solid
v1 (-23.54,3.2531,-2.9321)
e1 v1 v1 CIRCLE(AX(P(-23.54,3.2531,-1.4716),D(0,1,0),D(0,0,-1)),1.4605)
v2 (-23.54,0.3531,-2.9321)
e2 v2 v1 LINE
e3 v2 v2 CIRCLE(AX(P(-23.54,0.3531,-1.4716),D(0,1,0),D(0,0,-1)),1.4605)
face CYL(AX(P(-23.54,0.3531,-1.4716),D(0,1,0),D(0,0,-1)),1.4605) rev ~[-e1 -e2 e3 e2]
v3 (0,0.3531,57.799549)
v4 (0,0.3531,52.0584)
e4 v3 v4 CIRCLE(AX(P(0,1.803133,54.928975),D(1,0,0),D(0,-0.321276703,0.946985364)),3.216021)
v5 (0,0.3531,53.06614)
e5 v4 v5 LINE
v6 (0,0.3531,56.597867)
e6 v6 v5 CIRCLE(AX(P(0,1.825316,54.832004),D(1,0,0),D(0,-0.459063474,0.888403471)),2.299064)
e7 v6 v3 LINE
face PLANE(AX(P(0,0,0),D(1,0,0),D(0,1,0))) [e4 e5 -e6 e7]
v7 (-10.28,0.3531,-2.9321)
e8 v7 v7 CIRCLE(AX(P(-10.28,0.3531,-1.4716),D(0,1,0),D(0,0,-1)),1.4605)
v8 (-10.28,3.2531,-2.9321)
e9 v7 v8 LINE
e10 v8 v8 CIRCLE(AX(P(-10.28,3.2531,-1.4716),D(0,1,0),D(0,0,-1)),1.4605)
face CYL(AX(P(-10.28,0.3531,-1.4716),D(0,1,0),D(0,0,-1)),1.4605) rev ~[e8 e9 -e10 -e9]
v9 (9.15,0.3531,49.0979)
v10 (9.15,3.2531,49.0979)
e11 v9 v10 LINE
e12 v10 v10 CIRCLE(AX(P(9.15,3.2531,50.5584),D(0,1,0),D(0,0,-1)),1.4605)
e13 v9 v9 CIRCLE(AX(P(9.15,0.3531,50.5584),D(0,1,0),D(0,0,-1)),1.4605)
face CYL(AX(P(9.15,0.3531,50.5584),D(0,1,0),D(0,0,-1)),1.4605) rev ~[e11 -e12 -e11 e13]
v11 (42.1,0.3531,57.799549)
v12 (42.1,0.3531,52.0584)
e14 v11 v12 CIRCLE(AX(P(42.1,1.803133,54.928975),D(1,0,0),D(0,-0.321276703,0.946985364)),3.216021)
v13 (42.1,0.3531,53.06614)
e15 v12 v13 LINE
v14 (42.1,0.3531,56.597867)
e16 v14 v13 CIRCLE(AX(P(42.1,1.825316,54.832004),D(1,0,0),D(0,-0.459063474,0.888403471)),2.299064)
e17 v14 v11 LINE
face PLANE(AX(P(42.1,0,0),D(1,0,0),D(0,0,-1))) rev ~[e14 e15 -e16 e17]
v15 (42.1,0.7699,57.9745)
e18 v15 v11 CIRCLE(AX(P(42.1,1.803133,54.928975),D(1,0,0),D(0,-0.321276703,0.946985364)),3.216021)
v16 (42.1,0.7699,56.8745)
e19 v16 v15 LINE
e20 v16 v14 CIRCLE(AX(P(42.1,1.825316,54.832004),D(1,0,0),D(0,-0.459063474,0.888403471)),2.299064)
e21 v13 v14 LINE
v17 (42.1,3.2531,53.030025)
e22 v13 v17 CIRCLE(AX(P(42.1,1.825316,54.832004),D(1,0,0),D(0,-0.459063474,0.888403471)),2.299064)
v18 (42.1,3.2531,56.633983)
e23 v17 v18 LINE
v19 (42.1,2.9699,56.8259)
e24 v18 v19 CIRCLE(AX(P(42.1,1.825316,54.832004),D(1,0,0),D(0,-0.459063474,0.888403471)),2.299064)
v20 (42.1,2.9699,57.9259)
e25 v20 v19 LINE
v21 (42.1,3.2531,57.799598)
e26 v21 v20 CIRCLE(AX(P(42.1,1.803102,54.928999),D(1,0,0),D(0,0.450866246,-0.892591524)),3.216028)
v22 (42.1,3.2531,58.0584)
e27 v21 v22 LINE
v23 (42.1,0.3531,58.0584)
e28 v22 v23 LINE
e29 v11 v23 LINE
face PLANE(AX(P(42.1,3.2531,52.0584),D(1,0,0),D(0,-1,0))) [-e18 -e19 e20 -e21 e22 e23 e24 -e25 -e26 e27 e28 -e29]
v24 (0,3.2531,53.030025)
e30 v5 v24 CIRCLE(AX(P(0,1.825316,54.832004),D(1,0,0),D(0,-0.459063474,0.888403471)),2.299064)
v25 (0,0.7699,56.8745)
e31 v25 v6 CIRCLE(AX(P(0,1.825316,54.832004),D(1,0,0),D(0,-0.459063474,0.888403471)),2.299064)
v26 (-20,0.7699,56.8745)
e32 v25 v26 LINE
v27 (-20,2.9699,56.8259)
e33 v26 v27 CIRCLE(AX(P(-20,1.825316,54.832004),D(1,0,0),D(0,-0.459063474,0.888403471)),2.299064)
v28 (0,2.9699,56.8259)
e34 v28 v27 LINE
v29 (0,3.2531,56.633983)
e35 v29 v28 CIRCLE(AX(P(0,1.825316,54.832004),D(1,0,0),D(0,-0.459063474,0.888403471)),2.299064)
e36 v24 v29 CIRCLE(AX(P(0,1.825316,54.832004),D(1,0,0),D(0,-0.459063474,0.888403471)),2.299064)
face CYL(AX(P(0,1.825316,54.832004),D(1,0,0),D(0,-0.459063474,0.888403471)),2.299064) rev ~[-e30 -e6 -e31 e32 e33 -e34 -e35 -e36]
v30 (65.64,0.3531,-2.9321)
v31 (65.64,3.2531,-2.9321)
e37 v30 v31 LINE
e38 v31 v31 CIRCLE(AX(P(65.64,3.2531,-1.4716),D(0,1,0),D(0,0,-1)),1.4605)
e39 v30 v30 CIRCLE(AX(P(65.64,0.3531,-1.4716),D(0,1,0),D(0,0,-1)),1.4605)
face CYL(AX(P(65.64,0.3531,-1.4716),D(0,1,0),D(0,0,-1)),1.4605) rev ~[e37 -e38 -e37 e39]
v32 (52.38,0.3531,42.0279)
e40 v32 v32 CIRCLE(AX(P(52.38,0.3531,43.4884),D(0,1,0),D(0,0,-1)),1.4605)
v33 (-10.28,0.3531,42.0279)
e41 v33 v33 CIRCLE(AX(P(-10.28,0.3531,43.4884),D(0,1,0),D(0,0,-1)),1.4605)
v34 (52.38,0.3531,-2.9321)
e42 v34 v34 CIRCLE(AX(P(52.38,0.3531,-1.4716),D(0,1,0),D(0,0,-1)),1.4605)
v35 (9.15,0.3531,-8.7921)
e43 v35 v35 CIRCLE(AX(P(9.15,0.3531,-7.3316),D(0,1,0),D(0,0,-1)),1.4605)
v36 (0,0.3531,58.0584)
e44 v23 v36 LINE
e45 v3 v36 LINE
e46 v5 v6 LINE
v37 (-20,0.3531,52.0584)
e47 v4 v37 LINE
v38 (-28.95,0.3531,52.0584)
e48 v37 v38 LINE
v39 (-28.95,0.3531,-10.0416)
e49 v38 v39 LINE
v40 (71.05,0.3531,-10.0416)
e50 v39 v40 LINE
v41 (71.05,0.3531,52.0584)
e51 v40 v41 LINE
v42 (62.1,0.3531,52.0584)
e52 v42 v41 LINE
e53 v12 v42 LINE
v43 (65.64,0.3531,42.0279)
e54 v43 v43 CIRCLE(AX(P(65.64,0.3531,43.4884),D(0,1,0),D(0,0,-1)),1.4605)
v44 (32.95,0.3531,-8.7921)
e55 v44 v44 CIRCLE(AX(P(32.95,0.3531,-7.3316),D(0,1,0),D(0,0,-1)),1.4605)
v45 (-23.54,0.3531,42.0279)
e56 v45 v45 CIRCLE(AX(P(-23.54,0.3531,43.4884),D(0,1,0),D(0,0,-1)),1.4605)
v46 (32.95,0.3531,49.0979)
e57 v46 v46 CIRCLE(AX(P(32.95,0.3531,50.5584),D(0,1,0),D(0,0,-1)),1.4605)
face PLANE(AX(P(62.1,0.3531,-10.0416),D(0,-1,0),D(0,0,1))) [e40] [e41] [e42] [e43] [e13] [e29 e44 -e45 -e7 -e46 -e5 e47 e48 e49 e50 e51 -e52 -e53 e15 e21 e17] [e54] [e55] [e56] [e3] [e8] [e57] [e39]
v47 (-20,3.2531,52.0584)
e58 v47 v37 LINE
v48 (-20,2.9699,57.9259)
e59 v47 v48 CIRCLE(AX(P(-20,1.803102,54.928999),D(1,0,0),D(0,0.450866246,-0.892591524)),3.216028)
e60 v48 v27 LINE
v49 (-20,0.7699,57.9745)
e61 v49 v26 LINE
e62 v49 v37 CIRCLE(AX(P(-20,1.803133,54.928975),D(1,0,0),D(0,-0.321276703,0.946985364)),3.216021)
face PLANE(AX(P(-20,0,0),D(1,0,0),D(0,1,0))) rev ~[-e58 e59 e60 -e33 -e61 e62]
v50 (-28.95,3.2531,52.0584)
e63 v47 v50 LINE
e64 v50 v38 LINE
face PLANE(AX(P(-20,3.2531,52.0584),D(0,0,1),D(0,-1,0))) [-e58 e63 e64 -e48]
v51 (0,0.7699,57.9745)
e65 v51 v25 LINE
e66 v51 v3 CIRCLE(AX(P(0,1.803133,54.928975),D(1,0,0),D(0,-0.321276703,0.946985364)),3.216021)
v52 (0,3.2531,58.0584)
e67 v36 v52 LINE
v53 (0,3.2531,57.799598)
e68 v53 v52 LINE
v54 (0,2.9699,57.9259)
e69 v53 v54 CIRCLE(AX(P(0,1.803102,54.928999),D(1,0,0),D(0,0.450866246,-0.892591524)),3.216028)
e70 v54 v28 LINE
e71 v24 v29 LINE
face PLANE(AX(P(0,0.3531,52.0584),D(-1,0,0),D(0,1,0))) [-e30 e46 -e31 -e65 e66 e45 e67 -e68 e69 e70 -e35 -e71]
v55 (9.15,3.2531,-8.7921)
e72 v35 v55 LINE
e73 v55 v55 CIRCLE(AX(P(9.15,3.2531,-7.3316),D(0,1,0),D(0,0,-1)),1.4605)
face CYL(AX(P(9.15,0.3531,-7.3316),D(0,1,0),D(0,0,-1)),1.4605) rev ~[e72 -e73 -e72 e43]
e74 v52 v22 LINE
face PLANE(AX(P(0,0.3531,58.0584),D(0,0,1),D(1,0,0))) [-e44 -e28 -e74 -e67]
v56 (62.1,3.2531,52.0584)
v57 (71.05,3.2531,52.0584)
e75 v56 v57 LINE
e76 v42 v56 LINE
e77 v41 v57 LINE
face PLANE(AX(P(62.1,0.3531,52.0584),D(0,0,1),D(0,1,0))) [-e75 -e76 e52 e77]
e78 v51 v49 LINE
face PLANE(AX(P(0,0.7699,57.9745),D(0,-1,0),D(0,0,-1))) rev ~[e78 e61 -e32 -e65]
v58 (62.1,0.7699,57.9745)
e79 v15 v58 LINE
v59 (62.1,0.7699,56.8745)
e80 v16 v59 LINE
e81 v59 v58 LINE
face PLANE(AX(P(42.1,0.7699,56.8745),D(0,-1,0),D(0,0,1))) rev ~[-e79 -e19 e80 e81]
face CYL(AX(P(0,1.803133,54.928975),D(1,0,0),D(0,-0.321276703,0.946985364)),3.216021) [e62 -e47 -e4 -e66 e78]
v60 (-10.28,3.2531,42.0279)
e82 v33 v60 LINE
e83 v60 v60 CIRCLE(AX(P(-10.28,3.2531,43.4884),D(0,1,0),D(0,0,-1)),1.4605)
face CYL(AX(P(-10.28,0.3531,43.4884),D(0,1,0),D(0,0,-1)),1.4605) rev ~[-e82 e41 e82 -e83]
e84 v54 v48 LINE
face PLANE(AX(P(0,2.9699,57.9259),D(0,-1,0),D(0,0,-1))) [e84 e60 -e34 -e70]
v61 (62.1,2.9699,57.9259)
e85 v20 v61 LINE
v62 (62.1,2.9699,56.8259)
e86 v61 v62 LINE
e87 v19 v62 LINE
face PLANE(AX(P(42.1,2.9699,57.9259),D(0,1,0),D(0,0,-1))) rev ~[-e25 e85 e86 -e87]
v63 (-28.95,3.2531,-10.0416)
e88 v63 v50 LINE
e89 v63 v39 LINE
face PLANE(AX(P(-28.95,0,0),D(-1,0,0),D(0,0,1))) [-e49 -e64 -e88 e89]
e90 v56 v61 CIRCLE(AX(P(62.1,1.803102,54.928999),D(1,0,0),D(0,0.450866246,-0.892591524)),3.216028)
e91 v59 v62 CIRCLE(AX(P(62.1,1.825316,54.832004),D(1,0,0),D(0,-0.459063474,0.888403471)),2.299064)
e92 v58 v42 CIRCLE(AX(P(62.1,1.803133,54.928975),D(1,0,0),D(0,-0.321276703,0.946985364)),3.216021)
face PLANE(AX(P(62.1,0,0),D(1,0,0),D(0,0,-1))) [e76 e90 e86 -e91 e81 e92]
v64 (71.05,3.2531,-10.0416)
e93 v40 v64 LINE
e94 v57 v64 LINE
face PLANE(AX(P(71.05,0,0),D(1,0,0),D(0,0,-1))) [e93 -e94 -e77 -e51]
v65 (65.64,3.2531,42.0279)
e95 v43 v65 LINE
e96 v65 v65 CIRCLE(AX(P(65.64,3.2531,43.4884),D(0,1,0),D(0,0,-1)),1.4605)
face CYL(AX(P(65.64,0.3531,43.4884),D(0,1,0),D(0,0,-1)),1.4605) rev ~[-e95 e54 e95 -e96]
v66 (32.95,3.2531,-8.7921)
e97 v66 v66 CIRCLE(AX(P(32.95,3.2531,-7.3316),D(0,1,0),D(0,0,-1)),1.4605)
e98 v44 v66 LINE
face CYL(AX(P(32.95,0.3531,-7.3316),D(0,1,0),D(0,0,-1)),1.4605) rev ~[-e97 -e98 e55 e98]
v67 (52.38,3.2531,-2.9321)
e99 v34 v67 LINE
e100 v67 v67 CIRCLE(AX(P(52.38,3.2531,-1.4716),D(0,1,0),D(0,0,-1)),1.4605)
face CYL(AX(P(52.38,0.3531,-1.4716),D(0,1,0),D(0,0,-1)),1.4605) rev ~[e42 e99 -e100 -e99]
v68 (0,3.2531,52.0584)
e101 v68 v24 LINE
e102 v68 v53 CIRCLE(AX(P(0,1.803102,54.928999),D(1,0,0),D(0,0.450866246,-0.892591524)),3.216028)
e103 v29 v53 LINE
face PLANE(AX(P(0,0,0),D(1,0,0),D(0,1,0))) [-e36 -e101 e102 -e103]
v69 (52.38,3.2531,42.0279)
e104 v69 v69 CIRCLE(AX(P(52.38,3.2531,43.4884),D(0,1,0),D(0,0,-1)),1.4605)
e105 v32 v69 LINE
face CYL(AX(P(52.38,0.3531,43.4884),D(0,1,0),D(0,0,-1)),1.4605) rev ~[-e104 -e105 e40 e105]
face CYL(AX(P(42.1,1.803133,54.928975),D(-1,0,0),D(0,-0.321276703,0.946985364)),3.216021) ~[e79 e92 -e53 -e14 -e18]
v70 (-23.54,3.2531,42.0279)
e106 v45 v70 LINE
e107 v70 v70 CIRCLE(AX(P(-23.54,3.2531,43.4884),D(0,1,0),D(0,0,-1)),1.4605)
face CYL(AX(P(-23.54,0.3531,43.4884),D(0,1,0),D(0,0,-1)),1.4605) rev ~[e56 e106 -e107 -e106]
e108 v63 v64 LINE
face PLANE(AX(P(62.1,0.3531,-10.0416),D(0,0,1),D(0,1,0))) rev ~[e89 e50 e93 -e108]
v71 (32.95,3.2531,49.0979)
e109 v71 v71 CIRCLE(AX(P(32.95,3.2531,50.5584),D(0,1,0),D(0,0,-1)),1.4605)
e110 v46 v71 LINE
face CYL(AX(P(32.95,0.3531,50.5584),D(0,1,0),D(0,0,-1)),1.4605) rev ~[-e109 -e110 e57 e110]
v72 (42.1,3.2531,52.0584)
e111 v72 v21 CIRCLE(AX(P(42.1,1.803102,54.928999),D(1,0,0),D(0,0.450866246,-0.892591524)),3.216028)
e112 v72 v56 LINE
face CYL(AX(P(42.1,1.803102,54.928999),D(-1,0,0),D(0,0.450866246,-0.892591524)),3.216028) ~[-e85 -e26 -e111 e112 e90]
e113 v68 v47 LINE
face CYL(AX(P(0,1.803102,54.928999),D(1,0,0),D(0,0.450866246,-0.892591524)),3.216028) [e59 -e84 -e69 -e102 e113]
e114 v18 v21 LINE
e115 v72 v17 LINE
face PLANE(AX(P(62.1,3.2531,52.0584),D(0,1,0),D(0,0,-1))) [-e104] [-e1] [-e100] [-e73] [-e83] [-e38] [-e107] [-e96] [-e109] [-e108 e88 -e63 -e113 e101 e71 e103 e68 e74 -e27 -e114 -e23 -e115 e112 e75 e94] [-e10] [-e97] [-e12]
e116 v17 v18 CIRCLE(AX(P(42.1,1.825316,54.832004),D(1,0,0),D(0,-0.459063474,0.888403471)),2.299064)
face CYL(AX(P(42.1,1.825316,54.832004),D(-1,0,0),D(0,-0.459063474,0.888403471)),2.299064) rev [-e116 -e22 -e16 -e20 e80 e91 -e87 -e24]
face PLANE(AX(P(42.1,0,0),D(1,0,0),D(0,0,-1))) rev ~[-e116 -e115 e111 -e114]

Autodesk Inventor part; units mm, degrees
ref_plane "YZ Plane" through (0, 0, 0) normal (1, 0, 0) x (0, 1, 0)
ref_plane "XZ Plane" through (0, 0, 0) normal (0, 1, 0) x (-1, 0, 0)
ref_plane "XY Plane" through (0, 0, 0) normal (0, 0, 1) x (1, 0, 0)
sketch "Sketch1" plane through (0, 0, 0) normal (1, 0, 0) x (0, 1, 0)
  line L0 (3.2531, 52.0584) -> (0.3531, 52.0584)
  line L1 (0.3531, 52.0584) -> (0.3531, -10.0416)
  line L2 (0.3531, -10.0416) -> (3.2531, -10.0416)
  line L3 (3.2531, -10.0416) -> (3.2531, 52.0584)
  arc A0 (3.2531, 52.0584) -> (2.9699, 57.9259) centre (1.8031, 54.929) ccw
  arc A1 (0.7699, 57.9745) -> (0.3531, 52.0584) centre (1.8031, 54.929) ccw
  line L4 (0.7699, 57.9745) -> (0.7699, 56.8745)
  line L5 (2.9699, 57.9259) -> (2.9699, 56.8259)
  arc A2 (0.7699, 56.8745) -> (2.9699, 56.8259) centre (1.8253, 54.832) ccw
  point P0 (0, 0)
  dimension "d0" = 2.9
  dimension "d1" = 62.1
  dimension "d156" = 1.1
  dimension "d157" = 1.1
  dimension "d158" = 2.2
extrude "Extrusion1" add sketch "Sketch1" against normal blind 20
sketch "Sketch3" plane through (0, 0, 0) normal (1, 0, 0) x (0, 0, -1)
  arc A0 (-52.0584, 3.2531) -> (-57.9259, 2.9699) centre (-54.929, 1.8031) ccw projected
  line L0 (10.0416, 0.3531) -> (-52.0584, 0.3531) projected
  line L1 (-52.0584, 3.2531) -> (10.0416, 3.2531)
  line L2 (10.0416, 3.2531) -> (10.0416, 0.3531)
  line L3 (10.0416, 0.3531) -> (-52.0584, 0.3531)
  line L4 (-52.0584, 0.3531) -> (-52.0584, 3.2531)
  point P0 (0, 0)
extrude "Extrusion2" add sketch "Sketch3" along normal blind 42.1
sketch "Sketch4" plane through (42.1, 0, 0) normal (1, 0, 0) x (0, 0, -1)
  line L0 (10.0416, 0.3531) -> (-52.0584, 0.3531) projected
  line L1 (10.0416, 0.3531) -> (-52.0584, 0.3531)
  line L2 (-52.0584, 0.3531) -> (-52.0584, 3.2531)
  line L3 (-52.0584, 3.2531) -> (10.0416, 3.2531)
  line L4 (10.0416, 3.2531) -> (10.0416, 0.3531)
  arc A0 (-57.9745, 0.7699) -> (-52.0584, 0.3531) centre (-54.929, 1.8031) ccw projected
  arc A1 (-57.9745, 0.7699) -> (-52.0584, 0.3531) centre (-54.929, 1.8031) ccw
  arc A2 (-52.0584, 3.2531) -> (-57.9259, 2.9699) centre (-54.929, 1.8031) ccw projected
  arc A3 (-52.0584, 3.2531) -> (-57.9259, 2.9699) centre (-54.929, 1.8031) ccw
  arc A4 (-56.8745, 0.7699) -> (-56.8259, 2.9699) centre (-54.832, 1.8253) ccw projected
  arc A5 (-56.8745, 0.7699) -> (-56.8259, 2.9699) centre (-54.832, 1.8253) ccw
  line L5 (-56.8745, 0.7699) -> (-57.9745, 0.7699) projected
  line L6 (-56.8745, 0.7699) -> (-57.9745, 0.7699)
  line L7 (-57.9259, 2.9699) -> (-56.8259, 2.9699) projected
  line L8 (-56.8259, 2.9699) -> (-57.9259, 2.9699)
  point P0 (0, 0)
  dimension "d159" = 1.1
  dimension "d160" = 2.2
extrude "Extrusion3" add sketch "Sketch4" along normal blind 20
sketch "Sketch9" plane through (0, 0.3531, 52.0584) normal (0, 0, 1) x (1, 0, 0)
  line L0 (0, 2.9) -> (42.1, 2.9) projected
  line L1 (0, 2.9) -> (42.1, 2.9)
  line L2 (42.1, 2.9) -> (42.1, 0)
  line L3 (42.1, 0) -> (0, 0)
  line L4 (0, 0) -> (0, 2.9)
  point P0 (0, -0.3531)
extrude "Extrusion4" add sketch "Sketch9" along normal blind 6
sketch "Sketch10" plane through (-20, 0, 0) normal (-1, 0, 0) x (0, 0, 1)
  arc A0 (52.0584, 0.3531) -> (57.9745, 0.7699) centre (54.929, 1.8031) ccw projected
  line L0 (-10.0416, 3.2531) -> (-10.0416, 0.3531) projected
  line L1 (52.0584, 0.3531) -> (-10.0416, 0.3531)
  line L2 (-10.0416, 0.3531) -> (-10.0416, 3.2531)
  line L3 (-10.0416, 3.2531) -> (52.0584, 3.2531)
  line L4 (52.0584, 3.2531) -> (52.0584, 0.3531)
  point P0 (0, 0)
extrude "Extrusion5" add sketch "Sketch10" along normal blind 8.95
sketch "Sketch11" plane through (62.1, 0, 0) normal (1, 0, 0) x (0, 0, -1)
  line L0 (10.0416, 0.3531) -> (10.0416, 3.2531) projected
  arc A0 (-52.0584, 3.2531) -> (-57.7996, 3.2531) centre (-54.929, 1.8031) ccw projected
  line L1 (10.0416, 0.3531) -> (-52.0584, 0.3531)
  line L2 (-52.0584, 0.3531) -> (-52.0584, 3.2531)
  line L3 (-52.0584, 3.2531) -> (10.0416, 3.2531)
  line L4 (10.0416, 3.2531) -> (10.0416, 0.3531)
  point P0 (0, 0)
extrude "Extrusion6" add sketch "Sketch11" along normal blind 8.95
sketch "Sketch5" plane through (-20, 0.3531, -10.0416) normal (0, -1, 0) x (1, 0, 0)
  line L0 (20, 62.1) -> (62.1, 62.1) projected
  line L1 (0, 0) -> (0, 62.1) projected
  line L2 (62.1, 68.1) -> (20, 68.1) projected
  line L3 (-8.95, 0) -> (-8.95, 62.1) projected
  point P0 (20, 10.0416)
  point P1 (29.15, 60.6)
  dimension "d80" = 38.1
  dimension "d81" = 7.5
hole "Hole1" at (9.15, 0.3531, 50.5584) direction (0, 1, 0) diameter 2.921 end through all
sketch "Sketch6" plane through (-20, 0.3531, -10.0416) normal (0, -1, 0) x (1, 0, 0)
  line L0 (20, 62.1) -> (62.1, 62.1) projected
  circle A0 centre (29.15, 60.6) radius 1.4605 projected
  line L1 (62.1, 68.1) -> (20, 68.1) projected
  point P0 (20, 10.0416)
  point P1 (52.95, 60.6)
  dimension "d42" = 23.8
  dimension "d53" = 7.5
hole "Hole2" at (32.95, 0.3531, 50.5584) direction (0, 1, 0) diameter 2.921 end through all
sketch "Sketch7" plane through (-20, 0.3531, -10.0416) normal (0, -1, 0) x (1, 0, 0)
  line L0 (0, 0) -> (0, 62.1) projected
  circle A0 centre (29.15, 60.6) radius 1.4605 projected
  line L1 (-8.95, 0) -> (-8.95, 62.1) projected
  point P0 (20, 10.0416)
  point P1 (29.15, 2.71)
  dimension "d49" = 57.89
  dimension "d82" = 38.1
hole "Hole3" at (9.15, 0.3531, -7.3316) direction (0, 1, 0) diameter 2.921 end through all
sketch "Sketch8" plane through (-20, 0.3531, -10.0416) normal (0, -1, 0) x (1, 0, 0)
  circle A0 centre (29.15, 2.71) radius 1.4605 projected
  circle A1 centre (52.95, 60.6) radius 1.4605 projected
  point P0 (20, 10.0416)
  point P1 (52.95, 2.71)
  point P2 (41.1972, 0)
  point P3 (38.7028, 0)
  point P4 (60, 64.989)
  point P5 (60, 63.311)
  dimension "d48" = 23.8
  dimension "d54" = 57.89
hole "Hole4" at (32.95, 0.3531, -7.3316) direction (0, 1, 0) diameter 2.921 end through all
sketch "Sketch12" plane through (0, 0.3531, 58.0584) normal (0, -1, 0) x (1, 0, 0)
  line L0 (-20, -6) -> (-28.95, -6) projected
  line L1 (-28.95, -68.1) -> (-28.95, -6) projected
  point P0 (0, -58.0584)
  point P1 (-23.54, -14.57)
  dimension "d133" = 8.57
  dimension "d134" = 5.41
hole "Hole5" at (-23.54, 0.3531, 43.4884) direction (0, 1, 0) diameter 2.921 end through all
sketch "Sketch13" plane through (0, 0.3531, 58.0584) normal (0, -1, 0) x (1, 0, 0)
  line L0 (0, -6) -> (-20, -6) projected
  circle A0 centre (-23.54, -14.57) radius 1.4605 projected
  point P0 (0, -58.0584)
  point P1 (-10.28, -14.57)
  dimension "d135" = 8.57
  dimension "d136" = 13.26
hole "Hole6" at (-10.28, 0.3531, 43.4884) direction (0, 1, 0) diameter 2.921 end through all
sketch "Sketch14" plane through (0, 0.3531, 58.0584) normal (0, -1, 0) x (1, 0, 0)
  line L0 (-28.95, -68.1) -> (-28.95, -6) projected
  circle A0 centre (-23.54, -14.57) radius 1.4605 projected
  point P0 (0, -58.0584)
  point P1 (-23.54, -59.53)
  dimension "d137" = 5.41
  dimension "d138" = 44.96
hole "Hole7" at (-23.54, 0.3531, -1.4716) direction (0, 1, 0) diameter 2.921 end through all
sketch "Sketch15" plane through (0, 0.3531, 58.0584) normal (0, -1, 0) x (1, 0, 0)
  circle A0 centre (-10.28, -14.57) radius 1.4605 projected
  circle A1 centre (-23.54, -59.53) radius 1.4605 projected
  point P0 (0, -58.0584)
  point P1 (-10.28, -59.53)
  dimension "d139" = 44.96
  dimension "d148" = 13.26
hole "Hole8" at (-10.28, 0.3531, -1.4716) direction (0, 1, 0) diameter 2.921 end through all
sketch "Sketch17" plane through (0, 0.3531, 58.0584) normal (0, -1, 0) x (1, 0, 0)
  line L0 (71.05, -6) -> (71.05, -68.1) projected
  line L1 (62.1, -6) -> (71.05, -6) projected
  point P0 (0, -58.0584)
  point P1 (65.64, -14.57)
  dimension "d142" = 5.41
  dimension "d147" = 8.57
hole "Hole10" at (65.64, 0.3531, 43.4884) direction (0, 1, 0) diameter 2.921 end through all
sketch "Sketch16" plane through (0, 0.3531, 58.0584) normal (0, -1, 0) x (1, 0, 0)
  circle A0 centre (65.64, -14.57) radius 1.4605 projected
  line L0 (42.1, -6) -> (62.1, -6) projected
  point P0 (0, -58.0584)
  point P1 (52.38, -14.57)
  dimension "d144" = 13.26
  dimension "d146" = 8.57
hole "Hole9" at (52.38, 0.3531, 43.4884) direction (0, 1, 0) diameter 2.921 end through all
sketch "Sketch19" plane through (0, 0.3531, 58.0584) normal (0, -1, 0) x (1, 0, 0)
  circle A0 centre (65.64, -14.57) radius 1.4605 projected
  line L0 (71.05, -6) -> (71.05, -68.1) projected
  point P0 (0, -58.0584)
  point P1 (65.64, -59.53)
  dimension "d141" = 44.96
  dimension "d143" = 5.41
hole "Hole12" at (65.64, 0.3531, -1.4716) direction (0, 1, 0) diameter 2.921 end through all
sketch "Sketch18" plane through (0, 0.3531, 58.0584) normal (0, -1, 0) x (1, 0, 0)
  circle A0 centre (52.38, -14.57) radius 1.4605 projected
  circle A1 centre (65.64, -59.53) radius 1.4605 projected
  point P0 (0, -58.0584)
  point P1 (52.38, -59.53)
  dimension "d140" = 44.96
  dimension "d145" = 13.26
hole "Hole11" at (52.38, 0.3531, -1.4716) direction (0, 1, 0) diameter 2.921 end through all
